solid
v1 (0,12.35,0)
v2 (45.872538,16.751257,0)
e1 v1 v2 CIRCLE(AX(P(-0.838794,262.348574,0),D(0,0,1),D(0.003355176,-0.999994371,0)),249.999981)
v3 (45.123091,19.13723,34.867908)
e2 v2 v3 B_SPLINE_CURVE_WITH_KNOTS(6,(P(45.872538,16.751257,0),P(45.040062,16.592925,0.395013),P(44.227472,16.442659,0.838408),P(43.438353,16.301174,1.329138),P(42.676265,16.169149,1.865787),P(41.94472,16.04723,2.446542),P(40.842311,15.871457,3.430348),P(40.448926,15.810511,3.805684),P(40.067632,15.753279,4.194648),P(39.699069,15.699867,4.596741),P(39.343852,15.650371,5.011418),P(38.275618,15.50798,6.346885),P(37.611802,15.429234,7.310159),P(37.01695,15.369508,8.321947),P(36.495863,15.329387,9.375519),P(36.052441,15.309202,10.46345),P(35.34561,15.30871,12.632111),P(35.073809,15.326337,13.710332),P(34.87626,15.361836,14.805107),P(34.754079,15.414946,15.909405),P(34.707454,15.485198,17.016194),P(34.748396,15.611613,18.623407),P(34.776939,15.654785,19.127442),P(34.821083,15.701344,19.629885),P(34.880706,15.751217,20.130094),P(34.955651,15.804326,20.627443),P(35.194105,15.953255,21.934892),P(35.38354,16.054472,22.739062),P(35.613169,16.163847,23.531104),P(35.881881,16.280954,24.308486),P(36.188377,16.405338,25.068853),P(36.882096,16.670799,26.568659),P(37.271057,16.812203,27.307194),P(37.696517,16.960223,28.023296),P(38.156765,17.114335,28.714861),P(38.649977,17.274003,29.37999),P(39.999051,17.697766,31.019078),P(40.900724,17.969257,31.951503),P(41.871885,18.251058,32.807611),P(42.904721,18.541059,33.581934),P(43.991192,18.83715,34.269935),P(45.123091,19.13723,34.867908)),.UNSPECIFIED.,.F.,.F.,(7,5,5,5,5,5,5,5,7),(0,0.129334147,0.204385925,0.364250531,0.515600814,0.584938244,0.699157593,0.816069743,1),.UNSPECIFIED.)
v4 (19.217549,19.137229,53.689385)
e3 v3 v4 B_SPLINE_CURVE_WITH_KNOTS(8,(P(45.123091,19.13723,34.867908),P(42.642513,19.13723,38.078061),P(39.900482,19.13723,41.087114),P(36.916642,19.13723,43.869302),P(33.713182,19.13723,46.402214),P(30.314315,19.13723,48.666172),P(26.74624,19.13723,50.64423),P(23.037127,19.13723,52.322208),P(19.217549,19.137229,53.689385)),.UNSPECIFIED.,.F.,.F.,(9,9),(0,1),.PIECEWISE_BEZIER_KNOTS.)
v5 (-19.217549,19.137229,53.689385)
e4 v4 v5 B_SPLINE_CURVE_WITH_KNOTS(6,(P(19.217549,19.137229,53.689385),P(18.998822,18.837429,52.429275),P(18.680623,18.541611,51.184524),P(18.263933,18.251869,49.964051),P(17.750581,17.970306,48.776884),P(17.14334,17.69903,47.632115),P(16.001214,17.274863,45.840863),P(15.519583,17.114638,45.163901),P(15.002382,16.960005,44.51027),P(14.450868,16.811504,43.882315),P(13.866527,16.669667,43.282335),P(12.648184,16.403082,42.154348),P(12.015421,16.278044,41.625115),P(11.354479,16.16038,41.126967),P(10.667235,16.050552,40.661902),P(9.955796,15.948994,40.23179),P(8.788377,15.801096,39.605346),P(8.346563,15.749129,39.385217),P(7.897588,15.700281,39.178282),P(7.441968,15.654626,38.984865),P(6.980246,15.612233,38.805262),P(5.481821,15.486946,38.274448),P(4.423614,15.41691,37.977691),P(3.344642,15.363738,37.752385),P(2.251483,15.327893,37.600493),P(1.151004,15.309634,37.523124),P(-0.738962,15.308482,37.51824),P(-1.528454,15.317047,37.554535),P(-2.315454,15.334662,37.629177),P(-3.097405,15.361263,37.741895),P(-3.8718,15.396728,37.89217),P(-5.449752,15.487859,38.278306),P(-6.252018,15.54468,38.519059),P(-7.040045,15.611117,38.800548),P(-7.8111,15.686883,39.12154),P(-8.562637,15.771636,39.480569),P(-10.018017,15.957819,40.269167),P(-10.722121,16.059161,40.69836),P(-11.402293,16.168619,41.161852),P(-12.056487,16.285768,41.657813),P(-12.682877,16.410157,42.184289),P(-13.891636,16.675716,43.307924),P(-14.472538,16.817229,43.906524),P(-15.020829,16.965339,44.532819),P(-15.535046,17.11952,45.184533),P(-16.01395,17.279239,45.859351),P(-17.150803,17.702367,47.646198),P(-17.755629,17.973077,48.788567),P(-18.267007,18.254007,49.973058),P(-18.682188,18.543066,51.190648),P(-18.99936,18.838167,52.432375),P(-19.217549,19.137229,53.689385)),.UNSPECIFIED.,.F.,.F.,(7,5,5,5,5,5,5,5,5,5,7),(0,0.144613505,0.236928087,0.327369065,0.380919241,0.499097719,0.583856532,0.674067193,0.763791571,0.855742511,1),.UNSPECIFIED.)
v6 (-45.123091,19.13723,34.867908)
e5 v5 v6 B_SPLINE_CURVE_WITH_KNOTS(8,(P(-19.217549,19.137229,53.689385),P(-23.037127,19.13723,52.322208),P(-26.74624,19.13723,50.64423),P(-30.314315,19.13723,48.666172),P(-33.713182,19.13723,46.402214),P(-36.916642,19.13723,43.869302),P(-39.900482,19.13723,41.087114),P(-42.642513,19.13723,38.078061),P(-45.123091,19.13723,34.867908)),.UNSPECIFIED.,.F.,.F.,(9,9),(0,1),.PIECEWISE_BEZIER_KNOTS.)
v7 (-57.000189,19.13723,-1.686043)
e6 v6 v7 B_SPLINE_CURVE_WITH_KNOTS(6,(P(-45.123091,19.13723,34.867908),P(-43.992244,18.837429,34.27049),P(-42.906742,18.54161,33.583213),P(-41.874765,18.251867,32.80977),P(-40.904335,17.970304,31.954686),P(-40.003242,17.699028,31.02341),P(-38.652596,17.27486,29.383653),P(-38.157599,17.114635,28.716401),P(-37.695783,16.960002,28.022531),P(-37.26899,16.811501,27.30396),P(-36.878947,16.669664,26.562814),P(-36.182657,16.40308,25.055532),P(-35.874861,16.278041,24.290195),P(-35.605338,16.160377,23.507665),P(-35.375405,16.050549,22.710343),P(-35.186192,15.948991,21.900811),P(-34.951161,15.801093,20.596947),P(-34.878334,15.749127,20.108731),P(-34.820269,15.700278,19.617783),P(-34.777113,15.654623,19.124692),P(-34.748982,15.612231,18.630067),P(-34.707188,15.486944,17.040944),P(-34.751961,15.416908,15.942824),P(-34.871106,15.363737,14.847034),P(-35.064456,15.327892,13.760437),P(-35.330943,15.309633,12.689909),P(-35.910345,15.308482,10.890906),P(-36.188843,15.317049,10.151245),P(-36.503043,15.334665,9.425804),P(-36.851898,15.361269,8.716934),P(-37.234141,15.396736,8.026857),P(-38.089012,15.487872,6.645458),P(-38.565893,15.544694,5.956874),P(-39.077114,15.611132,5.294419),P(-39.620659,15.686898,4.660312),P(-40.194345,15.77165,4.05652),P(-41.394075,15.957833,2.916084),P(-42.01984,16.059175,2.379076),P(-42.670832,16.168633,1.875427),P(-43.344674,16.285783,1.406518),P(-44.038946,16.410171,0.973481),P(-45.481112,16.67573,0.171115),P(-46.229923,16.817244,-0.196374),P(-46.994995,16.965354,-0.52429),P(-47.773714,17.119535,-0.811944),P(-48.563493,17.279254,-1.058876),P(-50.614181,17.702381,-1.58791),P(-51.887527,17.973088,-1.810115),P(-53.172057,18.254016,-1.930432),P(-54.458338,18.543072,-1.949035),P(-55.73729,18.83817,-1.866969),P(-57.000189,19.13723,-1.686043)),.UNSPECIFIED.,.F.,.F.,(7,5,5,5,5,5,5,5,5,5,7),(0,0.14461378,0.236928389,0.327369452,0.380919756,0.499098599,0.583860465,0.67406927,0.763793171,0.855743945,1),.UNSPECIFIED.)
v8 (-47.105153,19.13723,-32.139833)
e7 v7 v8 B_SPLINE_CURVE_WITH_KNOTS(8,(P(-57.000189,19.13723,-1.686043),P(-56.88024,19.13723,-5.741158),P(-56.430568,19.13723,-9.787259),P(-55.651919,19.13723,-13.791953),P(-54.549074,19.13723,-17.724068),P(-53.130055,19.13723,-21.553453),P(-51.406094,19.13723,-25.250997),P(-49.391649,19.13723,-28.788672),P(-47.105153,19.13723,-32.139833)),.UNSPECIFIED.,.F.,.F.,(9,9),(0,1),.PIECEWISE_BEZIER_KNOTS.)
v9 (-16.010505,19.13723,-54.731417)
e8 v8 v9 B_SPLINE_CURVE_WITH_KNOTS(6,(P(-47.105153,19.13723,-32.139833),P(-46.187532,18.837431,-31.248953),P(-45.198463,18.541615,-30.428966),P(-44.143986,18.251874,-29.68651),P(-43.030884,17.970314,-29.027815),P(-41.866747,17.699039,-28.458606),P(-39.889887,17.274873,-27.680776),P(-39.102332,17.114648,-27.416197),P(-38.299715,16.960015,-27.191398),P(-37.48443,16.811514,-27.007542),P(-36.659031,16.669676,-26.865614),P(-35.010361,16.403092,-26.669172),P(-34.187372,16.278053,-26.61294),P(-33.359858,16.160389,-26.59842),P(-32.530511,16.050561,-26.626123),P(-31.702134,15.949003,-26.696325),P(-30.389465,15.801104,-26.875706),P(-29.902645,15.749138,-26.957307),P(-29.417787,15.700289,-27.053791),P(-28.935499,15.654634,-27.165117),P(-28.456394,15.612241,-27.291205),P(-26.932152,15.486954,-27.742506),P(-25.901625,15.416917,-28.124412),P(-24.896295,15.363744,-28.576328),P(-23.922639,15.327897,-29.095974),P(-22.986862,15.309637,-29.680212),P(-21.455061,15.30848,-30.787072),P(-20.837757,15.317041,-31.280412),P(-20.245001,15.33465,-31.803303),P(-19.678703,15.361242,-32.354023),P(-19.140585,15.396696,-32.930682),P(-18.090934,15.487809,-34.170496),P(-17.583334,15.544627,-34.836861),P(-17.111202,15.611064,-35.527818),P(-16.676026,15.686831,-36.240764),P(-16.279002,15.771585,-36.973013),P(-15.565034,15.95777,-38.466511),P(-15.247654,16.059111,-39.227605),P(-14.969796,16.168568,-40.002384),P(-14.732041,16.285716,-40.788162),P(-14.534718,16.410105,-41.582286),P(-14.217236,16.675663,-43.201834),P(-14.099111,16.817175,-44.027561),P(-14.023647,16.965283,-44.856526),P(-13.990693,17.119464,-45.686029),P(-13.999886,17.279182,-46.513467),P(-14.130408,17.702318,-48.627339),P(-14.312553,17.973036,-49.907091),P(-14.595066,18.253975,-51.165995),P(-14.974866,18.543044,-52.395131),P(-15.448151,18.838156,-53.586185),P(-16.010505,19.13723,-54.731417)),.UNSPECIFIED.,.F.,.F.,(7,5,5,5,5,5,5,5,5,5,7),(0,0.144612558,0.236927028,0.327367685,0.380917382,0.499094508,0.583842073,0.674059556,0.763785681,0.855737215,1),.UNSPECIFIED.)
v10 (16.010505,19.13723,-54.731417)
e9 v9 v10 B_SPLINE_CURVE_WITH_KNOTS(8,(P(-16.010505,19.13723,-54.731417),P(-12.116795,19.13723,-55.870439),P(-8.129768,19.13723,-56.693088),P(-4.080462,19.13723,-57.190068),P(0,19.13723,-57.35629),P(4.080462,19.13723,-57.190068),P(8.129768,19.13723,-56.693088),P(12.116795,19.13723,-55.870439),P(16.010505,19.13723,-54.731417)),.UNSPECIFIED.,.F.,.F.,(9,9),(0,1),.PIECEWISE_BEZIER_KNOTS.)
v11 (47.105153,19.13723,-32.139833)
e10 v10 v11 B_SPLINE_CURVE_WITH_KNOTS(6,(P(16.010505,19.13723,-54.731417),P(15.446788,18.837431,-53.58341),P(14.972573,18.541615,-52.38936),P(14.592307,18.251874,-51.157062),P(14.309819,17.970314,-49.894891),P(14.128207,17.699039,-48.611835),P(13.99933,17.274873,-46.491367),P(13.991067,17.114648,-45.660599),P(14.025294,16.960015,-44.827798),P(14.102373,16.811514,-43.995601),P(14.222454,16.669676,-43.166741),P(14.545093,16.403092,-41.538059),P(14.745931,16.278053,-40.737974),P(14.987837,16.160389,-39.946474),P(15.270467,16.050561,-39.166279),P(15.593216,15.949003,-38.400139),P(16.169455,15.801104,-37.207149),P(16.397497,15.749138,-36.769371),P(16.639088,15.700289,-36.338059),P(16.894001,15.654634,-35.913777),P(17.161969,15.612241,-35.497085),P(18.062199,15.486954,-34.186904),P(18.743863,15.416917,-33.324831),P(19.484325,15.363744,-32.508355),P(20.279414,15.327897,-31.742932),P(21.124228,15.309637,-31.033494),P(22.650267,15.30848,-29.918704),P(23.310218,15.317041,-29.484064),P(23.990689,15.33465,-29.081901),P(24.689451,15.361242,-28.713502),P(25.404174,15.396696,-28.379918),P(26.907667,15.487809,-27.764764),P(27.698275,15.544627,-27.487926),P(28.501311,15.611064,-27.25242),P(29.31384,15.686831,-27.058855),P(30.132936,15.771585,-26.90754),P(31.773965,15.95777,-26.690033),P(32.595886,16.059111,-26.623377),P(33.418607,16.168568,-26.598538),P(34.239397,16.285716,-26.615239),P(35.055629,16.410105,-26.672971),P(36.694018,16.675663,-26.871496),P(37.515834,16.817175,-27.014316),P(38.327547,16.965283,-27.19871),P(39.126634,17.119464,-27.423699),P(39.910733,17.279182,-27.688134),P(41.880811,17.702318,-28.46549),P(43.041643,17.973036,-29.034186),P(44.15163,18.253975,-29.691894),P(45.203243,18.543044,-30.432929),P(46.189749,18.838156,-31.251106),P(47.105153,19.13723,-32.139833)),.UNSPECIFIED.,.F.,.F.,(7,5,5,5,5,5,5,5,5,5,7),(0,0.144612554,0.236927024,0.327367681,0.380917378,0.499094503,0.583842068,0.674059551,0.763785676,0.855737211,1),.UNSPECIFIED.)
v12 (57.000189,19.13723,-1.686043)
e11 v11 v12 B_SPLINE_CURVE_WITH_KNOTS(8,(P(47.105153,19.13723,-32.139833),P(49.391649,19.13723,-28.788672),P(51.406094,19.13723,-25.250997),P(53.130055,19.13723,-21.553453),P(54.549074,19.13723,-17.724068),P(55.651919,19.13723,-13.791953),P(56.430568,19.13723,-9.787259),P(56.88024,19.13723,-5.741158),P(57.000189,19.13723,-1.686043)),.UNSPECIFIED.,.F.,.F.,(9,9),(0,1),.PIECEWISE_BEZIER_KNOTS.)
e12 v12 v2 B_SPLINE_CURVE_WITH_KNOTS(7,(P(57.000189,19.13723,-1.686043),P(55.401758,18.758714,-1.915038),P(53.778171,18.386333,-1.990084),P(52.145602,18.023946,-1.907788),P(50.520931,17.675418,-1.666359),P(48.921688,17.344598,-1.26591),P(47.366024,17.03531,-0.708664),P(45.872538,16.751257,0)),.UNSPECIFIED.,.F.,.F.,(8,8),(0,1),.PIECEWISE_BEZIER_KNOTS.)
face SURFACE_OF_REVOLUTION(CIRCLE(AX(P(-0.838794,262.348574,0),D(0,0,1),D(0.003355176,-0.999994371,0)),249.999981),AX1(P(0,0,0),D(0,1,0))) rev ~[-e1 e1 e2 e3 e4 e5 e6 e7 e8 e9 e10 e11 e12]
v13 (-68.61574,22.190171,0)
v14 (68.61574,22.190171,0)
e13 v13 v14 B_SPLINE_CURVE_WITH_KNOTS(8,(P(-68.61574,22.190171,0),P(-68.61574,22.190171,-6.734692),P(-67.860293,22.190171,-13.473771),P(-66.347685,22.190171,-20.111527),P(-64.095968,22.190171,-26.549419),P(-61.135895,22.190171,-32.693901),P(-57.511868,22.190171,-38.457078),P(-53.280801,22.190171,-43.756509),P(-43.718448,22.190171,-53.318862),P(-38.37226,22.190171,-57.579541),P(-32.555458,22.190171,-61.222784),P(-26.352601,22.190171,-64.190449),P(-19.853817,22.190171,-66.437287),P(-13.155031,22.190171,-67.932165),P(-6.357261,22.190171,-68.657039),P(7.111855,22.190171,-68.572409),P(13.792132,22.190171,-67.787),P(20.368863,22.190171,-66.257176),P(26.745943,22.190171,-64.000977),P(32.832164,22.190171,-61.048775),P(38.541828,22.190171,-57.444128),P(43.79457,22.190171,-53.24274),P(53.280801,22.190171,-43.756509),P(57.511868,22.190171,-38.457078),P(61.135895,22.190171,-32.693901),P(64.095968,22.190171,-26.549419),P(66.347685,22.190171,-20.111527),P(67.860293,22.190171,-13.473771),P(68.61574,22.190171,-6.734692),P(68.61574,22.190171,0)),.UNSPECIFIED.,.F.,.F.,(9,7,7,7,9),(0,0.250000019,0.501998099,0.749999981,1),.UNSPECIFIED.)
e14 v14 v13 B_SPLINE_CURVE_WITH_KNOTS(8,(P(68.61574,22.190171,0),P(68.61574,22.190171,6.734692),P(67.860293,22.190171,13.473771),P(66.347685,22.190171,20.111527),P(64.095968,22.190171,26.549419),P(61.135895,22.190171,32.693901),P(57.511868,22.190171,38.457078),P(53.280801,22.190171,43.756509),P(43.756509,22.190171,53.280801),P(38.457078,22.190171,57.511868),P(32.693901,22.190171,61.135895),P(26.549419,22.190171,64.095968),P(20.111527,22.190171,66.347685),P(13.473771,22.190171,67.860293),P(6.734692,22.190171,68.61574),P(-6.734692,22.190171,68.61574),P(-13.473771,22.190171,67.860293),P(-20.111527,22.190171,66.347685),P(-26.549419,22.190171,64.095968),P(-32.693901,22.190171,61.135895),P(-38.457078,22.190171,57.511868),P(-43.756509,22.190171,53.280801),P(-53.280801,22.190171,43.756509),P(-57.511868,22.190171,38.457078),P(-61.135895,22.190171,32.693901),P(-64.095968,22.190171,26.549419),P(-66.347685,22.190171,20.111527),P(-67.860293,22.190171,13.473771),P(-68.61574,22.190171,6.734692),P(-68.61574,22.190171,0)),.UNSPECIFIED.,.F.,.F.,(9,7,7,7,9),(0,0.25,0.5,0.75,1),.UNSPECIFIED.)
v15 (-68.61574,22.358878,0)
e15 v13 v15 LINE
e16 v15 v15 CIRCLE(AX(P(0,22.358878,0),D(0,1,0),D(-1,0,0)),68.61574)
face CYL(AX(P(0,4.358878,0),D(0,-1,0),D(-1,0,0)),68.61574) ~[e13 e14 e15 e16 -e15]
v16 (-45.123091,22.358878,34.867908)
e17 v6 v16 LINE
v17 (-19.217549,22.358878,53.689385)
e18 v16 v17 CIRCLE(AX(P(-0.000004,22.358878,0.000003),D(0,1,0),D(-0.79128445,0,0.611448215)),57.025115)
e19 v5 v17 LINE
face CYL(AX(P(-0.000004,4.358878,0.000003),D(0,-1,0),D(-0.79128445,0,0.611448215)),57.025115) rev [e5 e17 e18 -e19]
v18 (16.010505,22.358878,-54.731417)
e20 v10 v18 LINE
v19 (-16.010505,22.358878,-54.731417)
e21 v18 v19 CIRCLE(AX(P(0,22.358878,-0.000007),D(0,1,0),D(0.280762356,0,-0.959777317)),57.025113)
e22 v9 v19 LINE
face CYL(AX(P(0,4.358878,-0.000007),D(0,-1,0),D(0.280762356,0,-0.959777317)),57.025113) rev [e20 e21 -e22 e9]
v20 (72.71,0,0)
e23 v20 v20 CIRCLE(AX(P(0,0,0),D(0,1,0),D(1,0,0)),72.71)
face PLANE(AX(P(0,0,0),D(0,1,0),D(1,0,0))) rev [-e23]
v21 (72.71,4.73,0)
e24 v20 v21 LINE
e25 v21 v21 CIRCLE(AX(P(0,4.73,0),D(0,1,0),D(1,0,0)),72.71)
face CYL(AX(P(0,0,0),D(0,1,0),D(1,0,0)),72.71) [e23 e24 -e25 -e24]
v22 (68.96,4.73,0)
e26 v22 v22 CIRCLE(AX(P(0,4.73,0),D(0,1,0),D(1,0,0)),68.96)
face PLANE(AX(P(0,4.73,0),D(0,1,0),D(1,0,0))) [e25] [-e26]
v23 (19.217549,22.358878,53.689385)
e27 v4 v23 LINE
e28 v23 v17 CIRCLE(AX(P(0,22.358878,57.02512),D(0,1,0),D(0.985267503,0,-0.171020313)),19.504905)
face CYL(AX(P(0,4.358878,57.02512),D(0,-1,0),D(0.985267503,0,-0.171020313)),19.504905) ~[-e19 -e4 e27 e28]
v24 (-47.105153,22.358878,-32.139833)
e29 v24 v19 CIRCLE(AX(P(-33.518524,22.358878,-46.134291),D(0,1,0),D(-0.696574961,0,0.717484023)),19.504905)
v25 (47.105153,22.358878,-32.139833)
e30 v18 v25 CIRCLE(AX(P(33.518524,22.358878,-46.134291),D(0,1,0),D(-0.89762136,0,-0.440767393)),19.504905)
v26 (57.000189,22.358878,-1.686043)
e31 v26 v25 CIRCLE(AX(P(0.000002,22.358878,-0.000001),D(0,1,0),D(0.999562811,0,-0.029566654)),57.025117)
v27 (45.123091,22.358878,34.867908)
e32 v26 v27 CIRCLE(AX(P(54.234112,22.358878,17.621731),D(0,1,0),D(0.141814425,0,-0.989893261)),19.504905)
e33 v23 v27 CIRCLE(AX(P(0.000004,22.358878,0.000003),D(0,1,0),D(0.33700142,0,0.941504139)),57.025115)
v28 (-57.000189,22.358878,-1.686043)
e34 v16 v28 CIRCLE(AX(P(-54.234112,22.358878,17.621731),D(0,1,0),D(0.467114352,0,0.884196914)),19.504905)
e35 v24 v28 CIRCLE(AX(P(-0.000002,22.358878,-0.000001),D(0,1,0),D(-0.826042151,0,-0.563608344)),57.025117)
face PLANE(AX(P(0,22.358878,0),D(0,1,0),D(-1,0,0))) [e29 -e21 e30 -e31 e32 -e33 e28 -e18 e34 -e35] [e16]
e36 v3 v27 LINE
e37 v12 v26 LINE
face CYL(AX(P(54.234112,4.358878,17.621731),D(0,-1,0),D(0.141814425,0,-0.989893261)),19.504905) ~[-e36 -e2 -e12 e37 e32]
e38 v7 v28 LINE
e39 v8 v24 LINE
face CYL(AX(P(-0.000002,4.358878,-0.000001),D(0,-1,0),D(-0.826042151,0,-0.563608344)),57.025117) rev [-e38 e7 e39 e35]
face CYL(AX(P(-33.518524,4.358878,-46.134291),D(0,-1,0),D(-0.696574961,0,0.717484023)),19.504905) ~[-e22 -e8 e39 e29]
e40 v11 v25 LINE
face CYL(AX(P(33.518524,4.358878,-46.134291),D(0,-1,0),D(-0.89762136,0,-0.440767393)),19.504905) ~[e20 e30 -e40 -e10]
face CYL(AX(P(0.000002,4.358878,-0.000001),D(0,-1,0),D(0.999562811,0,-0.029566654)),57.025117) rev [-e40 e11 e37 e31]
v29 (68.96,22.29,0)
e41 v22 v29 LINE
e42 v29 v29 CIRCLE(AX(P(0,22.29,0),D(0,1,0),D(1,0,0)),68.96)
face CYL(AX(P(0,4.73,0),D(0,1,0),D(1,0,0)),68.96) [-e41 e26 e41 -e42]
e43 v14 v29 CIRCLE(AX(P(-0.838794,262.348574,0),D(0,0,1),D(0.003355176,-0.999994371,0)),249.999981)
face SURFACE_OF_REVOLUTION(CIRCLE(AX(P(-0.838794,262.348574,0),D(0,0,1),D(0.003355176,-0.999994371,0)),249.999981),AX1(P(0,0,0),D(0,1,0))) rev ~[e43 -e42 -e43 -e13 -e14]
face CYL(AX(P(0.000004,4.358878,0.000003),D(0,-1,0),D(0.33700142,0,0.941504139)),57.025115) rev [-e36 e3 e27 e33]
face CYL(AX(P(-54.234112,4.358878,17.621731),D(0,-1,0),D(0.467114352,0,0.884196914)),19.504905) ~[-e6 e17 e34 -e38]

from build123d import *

# Parameters (mm, degrees)
SKETCH001_R = 68.61574
PAD_DEPTH   = 18


with BuildPart() as part:
    # Sketch → Revolution (revolve)
    with BuildSketch(Plane.XY):
        with BuildLine():
            Line((0, 0), (68.71, 0))
            Line((68.71, 0), (72.71, 0))
            Line((72.71, 0), (72.71, 4.73))
            Line((72.71, 4.73), (68.96, 4.73))
            Line((68.96, 4.73), (68.96, 22.29))
            ThreePointArc((0, 12.35), (34.827971, 14.905909), (68.96, 22.29))
            Line((0, 12.35), (0, 0))
        make_face()
    revolve(axis=Axis((0, 0, 0), (0, 1, 0)))

    # Sketch001 (on DatumPlane) → Pad (new body)
    with BuildSketch(Plane(origin=(0, 4.358878, 0), x_dir=(-1, 0, 0), z_dir=(0, 1, 0))):
        Circle(SKETCH001_R)
        with BuildLine():
            ThreePointArc((45.123091, 34.867908), (33.518525, 46.134291), (19.217549, 53.689385))
            ThreePointArc((-19.217549, 53.689385), (0, 37.520215), (19.217549, 53.689385))
            ThreePointArc((-19.217549, 53.689385), (-33.518525, 46.134291), (-45.123091, 34.867908))
            ThreePointArc((-57.000189, -1.686043), (-35.683845, 11.594384), (-45.123091, 34.867908))
            ThreePointArc((-57.000189, -1.686043), (-54.234112, -17.621731), (-47.105153, -32.139833))
            ThreePointArc((-16.010505, -54.731417), (-22.053829, -30.354491), (-47.105153, -32.139833))
            ThreePointArc((-16.010505, -54.731417), (0, -57.02512), (16.010505, -54.731417))
            ThreePointArc((47.105153, -32.139833), (22.053829, -30.354491), (16.010505, -54.731417))
            ThreePointArc((47.105153, -32.139833), (54.234112, -17.621731), (57.000189, -1.686043))
            ThreePointArc((45.123091, 34.867908), (35.683845, 11.594384), (57.000189, -1.686043))
        make_face(mode=Mode.SUBTRACT)
    extrude(amount=PAD_DEPTH)


solid = part.part
